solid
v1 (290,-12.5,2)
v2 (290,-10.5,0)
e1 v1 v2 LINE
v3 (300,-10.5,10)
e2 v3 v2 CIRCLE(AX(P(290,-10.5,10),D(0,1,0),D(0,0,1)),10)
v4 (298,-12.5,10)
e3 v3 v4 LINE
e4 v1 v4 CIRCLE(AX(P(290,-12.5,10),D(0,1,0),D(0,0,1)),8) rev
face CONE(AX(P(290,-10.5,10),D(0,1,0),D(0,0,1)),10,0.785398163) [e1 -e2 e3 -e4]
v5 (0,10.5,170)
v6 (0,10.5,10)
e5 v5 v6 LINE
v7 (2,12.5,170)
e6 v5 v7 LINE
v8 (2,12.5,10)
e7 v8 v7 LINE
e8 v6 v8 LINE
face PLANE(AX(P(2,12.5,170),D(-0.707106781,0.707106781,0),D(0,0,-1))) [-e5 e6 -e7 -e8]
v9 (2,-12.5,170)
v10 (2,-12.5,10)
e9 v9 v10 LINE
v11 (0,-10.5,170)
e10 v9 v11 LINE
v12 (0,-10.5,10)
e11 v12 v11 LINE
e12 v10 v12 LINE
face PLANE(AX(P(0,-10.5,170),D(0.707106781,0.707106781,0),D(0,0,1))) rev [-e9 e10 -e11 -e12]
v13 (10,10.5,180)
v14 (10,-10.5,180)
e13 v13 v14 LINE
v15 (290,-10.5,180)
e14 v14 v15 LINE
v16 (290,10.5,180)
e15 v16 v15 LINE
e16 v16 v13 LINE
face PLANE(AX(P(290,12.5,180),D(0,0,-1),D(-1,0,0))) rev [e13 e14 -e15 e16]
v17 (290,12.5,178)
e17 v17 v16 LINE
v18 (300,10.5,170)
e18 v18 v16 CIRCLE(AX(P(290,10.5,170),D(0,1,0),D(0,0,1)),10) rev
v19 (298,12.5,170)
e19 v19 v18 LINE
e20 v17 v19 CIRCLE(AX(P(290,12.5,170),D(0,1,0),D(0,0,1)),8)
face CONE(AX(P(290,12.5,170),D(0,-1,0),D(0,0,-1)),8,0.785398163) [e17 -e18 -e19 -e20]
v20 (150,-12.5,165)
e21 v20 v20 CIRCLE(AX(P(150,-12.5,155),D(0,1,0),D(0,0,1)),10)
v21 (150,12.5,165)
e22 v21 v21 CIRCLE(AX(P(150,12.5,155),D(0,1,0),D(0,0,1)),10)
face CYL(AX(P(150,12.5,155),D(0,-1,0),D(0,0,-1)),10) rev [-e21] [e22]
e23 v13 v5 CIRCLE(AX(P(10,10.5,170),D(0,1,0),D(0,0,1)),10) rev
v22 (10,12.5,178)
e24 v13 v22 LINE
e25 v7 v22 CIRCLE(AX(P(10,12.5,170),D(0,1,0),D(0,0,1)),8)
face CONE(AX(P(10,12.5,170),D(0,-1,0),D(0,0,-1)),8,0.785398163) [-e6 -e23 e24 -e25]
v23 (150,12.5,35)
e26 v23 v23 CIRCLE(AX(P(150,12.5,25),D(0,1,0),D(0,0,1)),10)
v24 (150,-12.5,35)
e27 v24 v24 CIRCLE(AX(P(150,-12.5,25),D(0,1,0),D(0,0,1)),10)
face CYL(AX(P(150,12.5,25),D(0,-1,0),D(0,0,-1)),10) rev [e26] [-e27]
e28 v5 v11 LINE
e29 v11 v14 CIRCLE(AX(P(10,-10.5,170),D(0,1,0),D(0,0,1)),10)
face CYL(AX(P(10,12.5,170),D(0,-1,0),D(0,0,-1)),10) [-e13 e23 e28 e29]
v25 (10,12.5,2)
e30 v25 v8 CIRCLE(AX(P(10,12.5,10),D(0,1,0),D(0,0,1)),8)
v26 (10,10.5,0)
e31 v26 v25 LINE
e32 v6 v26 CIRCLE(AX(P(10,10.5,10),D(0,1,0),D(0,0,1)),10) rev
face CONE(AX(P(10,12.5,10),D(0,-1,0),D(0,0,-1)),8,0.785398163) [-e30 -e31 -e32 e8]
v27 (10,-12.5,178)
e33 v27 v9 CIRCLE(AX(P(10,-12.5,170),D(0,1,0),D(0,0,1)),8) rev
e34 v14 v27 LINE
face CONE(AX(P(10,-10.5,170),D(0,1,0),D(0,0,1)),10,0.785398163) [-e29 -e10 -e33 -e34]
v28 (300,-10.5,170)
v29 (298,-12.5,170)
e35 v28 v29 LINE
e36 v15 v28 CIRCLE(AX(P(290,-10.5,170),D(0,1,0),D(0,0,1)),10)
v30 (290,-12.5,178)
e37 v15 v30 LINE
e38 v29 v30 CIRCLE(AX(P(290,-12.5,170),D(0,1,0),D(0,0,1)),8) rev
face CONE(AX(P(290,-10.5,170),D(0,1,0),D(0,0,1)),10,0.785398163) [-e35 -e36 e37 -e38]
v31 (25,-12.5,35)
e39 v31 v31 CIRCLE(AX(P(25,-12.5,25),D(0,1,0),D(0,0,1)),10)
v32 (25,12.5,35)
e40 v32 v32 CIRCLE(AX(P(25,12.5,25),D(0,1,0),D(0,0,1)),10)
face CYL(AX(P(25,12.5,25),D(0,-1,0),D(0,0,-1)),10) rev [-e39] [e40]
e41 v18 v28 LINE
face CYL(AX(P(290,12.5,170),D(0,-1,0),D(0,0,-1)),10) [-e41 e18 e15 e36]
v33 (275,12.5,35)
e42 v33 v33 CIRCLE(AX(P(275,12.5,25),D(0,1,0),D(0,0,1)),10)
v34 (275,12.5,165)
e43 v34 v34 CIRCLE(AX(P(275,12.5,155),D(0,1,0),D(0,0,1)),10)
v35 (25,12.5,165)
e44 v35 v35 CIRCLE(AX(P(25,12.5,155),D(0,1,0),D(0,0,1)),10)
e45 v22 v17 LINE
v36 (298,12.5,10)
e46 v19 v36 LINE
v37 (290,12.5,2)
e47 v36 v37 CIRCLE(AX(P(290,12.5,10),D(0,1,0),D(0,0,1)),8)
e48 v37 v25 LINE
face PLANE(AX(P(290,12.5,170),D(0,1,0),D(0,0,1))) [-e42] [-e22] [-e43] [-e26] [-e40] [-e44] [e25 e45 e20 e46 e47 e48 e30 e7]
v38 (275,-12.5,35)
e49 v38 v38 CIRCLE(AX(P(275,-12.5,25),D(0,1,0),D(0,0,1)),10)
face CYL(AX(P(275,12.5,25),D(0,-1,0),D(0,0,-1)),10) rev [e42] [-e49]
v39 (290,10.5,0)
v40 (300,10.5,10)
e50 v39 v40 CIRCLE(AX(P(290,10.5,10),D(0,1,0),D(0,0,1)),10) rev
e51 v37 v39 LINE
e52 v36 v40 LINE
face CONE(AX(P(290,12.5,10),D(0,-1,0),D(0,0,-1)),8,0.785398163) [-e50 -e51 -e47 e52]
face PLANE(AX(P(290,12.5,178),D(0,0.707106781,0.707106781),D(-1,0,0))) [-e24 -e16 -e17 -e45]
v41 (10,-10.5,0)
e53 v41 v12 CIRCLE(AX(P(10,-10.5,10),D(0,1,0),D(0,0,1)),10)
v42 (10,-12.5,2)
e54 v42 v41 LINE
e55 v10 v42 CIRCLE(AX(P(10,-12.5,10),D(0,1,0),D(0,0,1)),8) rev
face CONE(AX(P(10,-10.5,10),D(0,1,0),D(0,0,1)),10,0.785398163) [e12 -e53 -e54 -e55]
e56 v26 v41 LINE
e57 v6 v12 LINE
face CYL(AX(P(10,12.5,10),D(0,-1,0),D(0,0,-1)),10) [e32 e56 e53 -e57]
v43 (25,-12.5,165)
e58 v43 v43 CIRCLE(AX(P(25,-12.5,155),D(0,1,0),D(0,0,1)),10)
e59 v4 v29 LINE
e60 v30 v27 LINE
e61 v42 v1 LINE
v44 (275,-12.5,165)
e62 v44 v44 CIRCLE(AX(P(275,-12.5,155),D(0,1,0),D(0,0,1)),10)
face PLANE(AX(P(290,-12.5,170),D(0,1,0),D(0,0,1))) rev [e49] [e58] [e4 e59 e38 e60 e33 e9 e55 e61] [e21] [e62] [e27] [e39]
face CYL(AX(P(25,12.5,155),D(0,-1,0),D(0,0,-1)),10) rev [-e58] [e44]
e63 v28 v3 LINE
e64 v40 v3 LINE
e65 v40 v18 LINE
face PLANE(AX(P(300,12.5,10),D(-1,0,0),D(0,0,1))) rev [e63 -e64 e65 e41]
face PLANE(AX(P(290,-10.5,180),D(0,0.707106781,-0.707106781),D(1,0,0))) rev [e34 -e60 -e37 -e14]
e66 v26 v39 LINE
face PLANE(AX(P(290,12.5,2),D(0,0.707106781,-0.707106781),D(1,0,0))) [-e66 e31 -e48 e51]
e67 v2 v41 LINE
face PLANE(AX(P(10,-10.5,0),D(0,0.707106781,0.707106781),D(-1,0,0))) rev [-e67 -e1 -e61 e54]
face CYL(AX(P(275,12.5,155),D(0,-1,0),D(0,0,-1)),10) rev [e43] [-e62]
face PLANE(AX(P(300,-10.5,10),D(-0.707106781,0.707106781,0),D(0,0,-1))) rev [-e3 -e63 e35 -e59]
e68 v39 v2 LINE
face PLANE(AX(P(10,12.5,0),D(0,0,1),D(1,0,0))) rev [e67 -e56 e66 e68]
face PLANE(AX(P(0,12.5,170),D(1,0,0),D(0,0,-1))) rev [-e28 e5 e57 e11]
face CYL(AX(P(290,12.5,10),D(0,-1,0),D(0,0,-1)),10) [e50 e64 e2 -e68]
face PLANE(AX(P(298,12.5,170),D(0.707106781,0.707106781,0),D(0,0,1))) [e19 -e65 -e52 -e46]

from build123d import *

# Parameters (mm, degrees)
SKETCH1_R           = 10
BOSS_EXTRUDE1_DEPTH = 12.5
CHAMFER1_SIZE       = 2


with BuildPart() as part:
    # Sketch1 → Boss-Extrude1 (new, symmetric)
    with BuildSketch(Plane(origin=(0, 0, 0), x_dir=(1, 0, 0), z_dir=(0, 1, 0))):
        with BuildLine():
            Line((10, 0), (290, 0))
            ThreePointArc((290, 0), (297.071067812, -2.928932188), (300, -10))
            Line((300, -10), (300, -170))
            ThreePointArc((300, -170), (297.071067812, -177.071067812), (290, -180))
            Line((290, -180), (10, -180))
            ThreePointArc((10, -180), (2.928932188, -177.071067812), (0, -170))
            Line((0, -170), (0, -10))
            ThreePointArc((0, -10), (2.928932188, -2.928932188), (10, 0))
        make_face()
        with Locations(Location((25, -25, 0), (0, 0, 270))):
            Circle(SKETCH1_R, mode=Mode.SUBTRACT)
        with Locations(Location((25, -155, 0), (0, 0, 270))):
            Circle(SKETCH1_R, mode=Mode.SUBTRACT)
        with Locations(Location((275, -25, 0), (0, 0, 270))):
            Circle(SKETCH1_R, mode=Mode.SUBTRACT)
        with Locations(Location((275, -155, 0), (0, 0, 270))):
            Circle(SKETCH1_R, mode=Mode.SUBTRACT)
        with Locations(Location((150, -25, 0), (0, 0, 270))):
            Circle(SKETCH1_R, mode=Mode.SUBTRACT)
        with Locations(Location((150, -155, 0), (0, 0, 270))):
            Circle(SKETCH1_R, mode=Mode.SUBTRACT)
    extrude(amount=BOSS_EXTRUDE1_DEPTH, both=True)

    # Chamfer1
    chamfer1_edges = [part.edges().sort_by_distance(p)[0] for p in [
        (150, -12.5, 0),
        (297.071067812, -12.5, 2.928932188),
        (300, -12.5, 90),
        (297.071067812, -12.5, 177.071067812),
        (297.071067812, 12.5, 2.928932188),
        (150, 12.5, 0),
        (2.928932188, 12.5, 2.928932188),
        (0, 12.5, 90),
        (2.928932188, 12.5, 177.071067812),
        (150, 12.5, 180),
        (297.071067812, 12.5, 177.071067812),
        (150, -12.5, 180),
        (300, 12.5, 90),
        (2.928932188, -12.5, 177.071067812),
        (0, -12.5, 90),
        (2.928932188, -12.5, 2.928932188),
    ]]
    chamfer(chamfer1_edges, length=CHAMFER1_SIZE)


solid = part.part
